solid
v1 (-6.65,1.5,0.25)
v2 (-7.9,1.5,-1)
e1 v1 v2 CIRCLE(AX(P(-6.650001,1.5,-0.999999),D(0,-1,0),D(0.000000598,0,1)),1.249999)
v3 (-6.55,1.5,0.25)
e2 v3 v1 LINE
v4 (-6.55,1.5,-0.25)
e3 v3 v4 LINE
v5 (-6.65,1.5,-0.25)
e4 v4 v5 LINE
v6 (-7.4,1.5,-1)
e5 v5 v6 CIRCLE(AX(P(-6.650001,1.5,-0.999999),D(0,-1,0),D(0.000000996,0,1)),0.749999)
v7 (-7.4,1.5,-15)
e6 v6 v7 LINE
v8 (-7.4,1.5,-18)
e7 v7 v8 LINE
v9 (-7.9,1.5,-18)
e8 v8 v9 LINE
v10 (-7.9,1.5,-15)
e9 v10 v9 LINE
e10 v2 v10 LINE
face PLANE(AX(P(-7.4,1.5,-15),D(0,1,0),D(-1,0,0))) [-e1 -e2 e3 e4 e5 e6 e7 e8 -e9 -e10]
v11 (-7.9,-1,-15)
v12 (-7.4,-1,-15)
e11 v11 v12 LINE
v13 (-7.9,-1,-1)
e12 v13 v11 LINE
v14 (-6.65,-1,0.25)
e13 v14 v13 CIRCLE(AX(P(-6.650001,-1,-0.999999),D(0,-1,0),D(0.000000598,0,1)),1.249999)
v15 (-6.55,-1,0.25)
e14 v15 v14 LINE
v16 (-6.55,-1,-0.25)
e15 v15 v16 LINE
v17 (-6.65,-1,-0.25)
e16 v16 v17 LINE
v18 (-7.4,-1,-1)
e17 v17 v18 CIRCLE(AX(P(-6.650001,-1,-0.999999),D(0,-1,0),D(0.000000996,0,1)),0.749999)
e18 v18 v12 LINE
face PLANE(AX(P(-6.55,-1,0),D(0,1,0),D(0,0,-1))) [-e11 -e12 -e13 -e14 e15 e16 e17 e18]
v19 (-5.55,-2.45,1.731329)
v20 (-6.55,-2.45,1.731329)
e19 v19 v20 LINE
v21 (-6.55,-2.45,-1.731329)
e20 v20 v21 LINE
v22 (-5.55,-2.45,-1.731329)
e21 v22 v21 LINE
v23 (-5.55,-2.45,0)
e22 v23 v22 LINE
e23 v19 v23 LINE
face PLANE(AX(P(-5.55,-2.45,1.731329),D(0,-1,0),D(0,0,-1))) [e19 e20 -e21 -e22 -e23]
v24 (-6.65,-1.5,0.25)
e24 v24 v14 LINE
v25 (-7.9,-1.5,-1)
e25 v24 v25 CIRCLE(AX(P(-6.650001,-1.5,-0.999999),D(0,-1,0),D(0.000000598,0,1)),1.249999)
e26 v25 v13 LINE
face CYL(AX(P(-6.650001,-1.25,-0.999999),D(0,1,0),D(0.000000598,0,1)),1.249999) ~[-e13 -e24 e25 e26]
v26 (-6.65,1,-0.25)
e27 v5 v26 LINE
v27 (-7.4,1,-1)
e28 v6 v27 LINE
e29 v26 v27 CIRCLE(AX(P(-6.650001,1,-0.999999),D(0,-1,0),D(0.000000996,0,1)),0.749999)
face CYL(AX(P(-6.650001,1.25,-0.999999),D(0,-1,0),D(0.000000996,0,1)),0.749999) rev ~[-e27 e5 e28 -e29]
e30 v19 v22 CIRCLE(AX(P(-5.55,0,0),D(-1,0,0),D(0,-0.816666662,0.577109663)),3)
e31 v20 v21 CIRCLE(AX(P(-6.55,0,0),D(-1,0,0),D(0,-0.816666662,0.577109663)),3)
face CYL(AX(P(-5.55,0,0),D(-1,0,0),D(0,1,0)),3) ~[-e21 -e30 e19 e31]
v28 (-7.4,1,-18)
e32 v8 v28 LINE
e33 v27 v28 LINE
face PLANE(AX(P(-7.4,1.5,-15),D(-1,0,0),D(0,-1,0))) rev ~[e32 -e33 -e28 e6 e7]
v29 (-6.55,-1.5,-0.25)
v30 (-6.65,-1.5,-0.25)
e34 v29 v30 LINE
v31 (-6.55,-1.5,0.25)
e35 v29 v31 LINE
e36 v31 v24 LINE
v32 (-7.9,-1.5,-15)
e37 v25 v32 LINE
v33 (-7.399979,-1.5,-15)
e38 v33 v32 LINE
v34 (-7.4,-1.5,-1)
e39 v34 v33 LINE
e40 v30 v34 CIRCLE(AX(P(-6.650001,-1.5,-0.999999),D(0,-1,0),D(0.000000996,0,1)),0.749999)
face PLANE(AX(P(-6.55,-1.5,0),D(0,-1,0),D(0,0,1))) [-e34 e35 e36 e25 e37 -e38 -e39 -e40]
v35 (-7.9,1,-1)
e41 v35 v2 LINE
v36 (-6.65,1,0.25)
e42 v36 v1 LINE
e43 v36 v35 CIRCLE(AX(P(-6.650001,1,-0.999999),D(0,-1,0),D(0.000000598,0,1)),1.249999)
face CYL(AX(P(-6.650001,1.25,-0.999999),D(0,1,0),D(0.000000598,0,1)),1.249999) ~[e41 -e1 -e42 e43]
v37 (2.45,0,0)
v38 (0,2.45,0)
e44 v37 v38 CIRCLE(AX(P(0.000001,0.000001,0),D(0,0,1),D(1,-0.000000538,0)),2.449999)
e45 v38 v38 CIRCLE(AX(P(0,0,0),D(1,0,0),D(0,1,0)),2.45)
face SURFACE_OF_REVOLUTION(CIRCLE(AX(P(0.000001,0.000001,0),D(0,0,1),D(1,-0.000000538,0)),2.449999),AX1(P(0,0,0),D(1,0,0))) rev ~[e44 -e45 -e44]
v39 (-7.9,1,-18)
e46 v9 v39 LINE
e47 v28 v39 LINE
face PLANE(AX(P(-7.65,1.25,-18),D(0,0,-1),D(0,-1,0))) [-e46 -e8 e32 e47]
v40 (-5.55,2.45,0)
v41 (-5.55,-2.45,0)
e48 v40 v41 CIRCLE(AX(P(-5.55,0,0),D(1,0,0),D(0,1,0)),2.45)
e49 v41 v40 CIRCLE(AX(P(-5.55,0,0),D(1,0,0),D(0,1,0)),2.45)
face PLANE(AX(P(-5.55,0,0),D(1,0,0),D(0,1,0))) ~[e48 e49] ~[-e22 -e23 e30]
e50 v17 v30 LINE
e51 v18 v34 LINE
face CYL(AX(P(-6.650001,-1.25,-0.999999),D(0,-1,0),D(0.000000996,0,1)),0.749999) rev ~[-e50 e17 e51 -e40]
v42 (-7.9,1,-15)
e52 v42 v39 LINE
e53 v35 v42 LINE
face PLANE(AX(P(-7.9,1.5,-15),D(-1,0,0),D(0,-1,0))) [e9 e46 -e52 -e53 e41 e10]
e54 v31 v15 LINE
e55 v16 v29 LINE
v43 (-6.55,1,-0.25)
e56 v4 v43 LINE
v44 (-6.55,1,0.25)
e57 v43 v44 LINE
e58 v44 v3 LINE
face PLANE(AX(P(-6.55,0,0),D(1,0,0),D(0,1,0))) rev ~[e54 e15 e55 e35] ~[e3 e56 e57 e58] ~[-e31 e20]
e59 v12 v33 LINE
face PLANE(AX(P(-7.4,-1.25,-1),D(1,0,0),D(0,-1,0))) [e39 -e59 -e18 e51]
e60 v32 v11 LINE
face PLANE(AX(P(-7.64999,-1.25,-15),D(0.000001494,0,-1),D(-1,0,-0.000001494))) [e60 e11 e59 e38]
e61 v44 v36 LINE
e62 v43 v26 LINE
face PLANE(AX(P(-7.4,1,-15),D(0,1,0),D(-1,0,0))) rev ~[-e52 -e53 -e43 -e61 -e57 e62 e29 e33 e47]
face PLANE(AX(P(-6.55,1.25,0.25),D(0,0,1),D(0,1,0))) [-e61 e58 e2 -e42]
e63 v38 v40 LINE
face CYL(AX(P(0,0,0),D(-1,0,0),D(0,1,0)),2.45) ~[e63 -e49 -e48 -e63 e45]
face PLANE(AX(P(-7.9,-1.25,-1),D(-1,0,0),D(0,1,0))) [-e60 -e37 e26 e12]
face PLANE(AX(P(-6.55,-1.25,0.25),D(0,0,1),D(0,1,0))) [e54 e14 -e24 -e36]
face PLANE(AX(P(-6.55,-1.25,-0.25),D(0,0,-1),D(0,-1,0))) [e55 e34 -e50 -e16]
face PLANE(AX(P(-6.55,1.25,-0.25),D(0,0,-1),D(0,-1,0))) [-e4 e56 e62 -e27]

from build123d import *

# Parameters (mm, degrees)
SKETCH005_W              = 0.5
SKETCH005_H              = 0.5
SKETCH006_W              = 0.5
SKETCH006_H              = 0.5
ADDITIVEPIPE001_FACE21_W = 0.5
ADDITIVEPIPE001_FACE21_H = 0.5
PAD001_DEPTH             = 3
POCKET_DEPTH             = 5


with BuildPart() as part:
    # Sketch002 → Revolution (revolve)
    with BuildSketch(Plane.XY):
        with BuildLine():
            Line((0, 2.45), (-5.55, 2.45))
            Line((-5.55, 2.45), (-5.55, 3))
            Line((-5.55, 3), (-6.55, 3))
            Line((-6.55, 3), (-6.55, 0))
            Line((2.45, 0), (-6.55, 0))
            ThreePointArc((2.45, 0), (1.732412, 1.732412), (0, 2.45))
        make_face()
    revolve(axis=Axis((0, 0, 0), (1, 0, 0)))

    # AdditivePipe: sweep along a path in Sketch004
    with BuildLine(Plane.XZ) as additivepipe_path:
        Line((-6.55, 0), (-6.65, 0))
        ThreePointArc((-6.65, 0), (-7.357107, -0.292893), (-7.65, -1))
        Line((-7.65, -1), (-7.65, -15))
    # Sketch005 (on Face4 of Revolution) → AdditivePipe (sweep)
    with BuildSketch(Plane(origin=(-6.55, 0, 0), x_dir=(0, -1, 0), z_dir=(-1, 0, 0))):
        with Locations((1.25, 0)):
            Rectangle(SKETCH005_W, SKETCH005_H)
    sweep(path=additivepipe_path.line)

    # AdditivePipe001: sweep along a path in Sketch004
    with BuildLine(Plane.XZ) as additivepipe001_path:
        Line((-6.55, 0), (-6.65, 0))
        ThreePointArc((-6.65, 0), (-7.357107, -0.292893), (-7.65, -1))
        Line((-7.65, -1), (-7.65, -15))
    # Sketch006 (on Face4 of Revolution) → AdditivePipe001 (sweep)
    with BuildSketch(Plane(origin=(-6.55, 0, 0), x_dir=(0, -1, 0), z_dir=(-1, 0, 0))):
        with Locations((-1.25, 0)):
            Rectangle(SKETCH006_W, SKETCH006_H)
    sweep(path=additivepipe001_path.line)

    # AdditivePipe001 Face21 → Pad001 (new)
    with BuildSketch(Plane(origin=(-7.65, 1.25, -15), x_dir=(0, -1, 0), z_dir=(0, 0, -1))):
        Rectangle(ADDITIVEPIPE001_FACE21_W, ADDITIVEPIPE001_FACE21_H)
    extrude(amount=PAD001_DEPTH)

    # Sketch007 (on Face3 of Pad001) → Pocket (cut)
    with BuildSketch(Plane.YZ.offset(-5.55)):
        with BuildLine():
            Line((-2.45, 1.731329), (-2.45, -1.731329))
            ThreePointArc((-2.45, 1.731329), (-3.000002, 0), (-2.45, -1.731329))
        make_face()
    extrude(amount=-POCKET_DEPTH, mode=Mode.SUBTRACT)


solid = part.part
